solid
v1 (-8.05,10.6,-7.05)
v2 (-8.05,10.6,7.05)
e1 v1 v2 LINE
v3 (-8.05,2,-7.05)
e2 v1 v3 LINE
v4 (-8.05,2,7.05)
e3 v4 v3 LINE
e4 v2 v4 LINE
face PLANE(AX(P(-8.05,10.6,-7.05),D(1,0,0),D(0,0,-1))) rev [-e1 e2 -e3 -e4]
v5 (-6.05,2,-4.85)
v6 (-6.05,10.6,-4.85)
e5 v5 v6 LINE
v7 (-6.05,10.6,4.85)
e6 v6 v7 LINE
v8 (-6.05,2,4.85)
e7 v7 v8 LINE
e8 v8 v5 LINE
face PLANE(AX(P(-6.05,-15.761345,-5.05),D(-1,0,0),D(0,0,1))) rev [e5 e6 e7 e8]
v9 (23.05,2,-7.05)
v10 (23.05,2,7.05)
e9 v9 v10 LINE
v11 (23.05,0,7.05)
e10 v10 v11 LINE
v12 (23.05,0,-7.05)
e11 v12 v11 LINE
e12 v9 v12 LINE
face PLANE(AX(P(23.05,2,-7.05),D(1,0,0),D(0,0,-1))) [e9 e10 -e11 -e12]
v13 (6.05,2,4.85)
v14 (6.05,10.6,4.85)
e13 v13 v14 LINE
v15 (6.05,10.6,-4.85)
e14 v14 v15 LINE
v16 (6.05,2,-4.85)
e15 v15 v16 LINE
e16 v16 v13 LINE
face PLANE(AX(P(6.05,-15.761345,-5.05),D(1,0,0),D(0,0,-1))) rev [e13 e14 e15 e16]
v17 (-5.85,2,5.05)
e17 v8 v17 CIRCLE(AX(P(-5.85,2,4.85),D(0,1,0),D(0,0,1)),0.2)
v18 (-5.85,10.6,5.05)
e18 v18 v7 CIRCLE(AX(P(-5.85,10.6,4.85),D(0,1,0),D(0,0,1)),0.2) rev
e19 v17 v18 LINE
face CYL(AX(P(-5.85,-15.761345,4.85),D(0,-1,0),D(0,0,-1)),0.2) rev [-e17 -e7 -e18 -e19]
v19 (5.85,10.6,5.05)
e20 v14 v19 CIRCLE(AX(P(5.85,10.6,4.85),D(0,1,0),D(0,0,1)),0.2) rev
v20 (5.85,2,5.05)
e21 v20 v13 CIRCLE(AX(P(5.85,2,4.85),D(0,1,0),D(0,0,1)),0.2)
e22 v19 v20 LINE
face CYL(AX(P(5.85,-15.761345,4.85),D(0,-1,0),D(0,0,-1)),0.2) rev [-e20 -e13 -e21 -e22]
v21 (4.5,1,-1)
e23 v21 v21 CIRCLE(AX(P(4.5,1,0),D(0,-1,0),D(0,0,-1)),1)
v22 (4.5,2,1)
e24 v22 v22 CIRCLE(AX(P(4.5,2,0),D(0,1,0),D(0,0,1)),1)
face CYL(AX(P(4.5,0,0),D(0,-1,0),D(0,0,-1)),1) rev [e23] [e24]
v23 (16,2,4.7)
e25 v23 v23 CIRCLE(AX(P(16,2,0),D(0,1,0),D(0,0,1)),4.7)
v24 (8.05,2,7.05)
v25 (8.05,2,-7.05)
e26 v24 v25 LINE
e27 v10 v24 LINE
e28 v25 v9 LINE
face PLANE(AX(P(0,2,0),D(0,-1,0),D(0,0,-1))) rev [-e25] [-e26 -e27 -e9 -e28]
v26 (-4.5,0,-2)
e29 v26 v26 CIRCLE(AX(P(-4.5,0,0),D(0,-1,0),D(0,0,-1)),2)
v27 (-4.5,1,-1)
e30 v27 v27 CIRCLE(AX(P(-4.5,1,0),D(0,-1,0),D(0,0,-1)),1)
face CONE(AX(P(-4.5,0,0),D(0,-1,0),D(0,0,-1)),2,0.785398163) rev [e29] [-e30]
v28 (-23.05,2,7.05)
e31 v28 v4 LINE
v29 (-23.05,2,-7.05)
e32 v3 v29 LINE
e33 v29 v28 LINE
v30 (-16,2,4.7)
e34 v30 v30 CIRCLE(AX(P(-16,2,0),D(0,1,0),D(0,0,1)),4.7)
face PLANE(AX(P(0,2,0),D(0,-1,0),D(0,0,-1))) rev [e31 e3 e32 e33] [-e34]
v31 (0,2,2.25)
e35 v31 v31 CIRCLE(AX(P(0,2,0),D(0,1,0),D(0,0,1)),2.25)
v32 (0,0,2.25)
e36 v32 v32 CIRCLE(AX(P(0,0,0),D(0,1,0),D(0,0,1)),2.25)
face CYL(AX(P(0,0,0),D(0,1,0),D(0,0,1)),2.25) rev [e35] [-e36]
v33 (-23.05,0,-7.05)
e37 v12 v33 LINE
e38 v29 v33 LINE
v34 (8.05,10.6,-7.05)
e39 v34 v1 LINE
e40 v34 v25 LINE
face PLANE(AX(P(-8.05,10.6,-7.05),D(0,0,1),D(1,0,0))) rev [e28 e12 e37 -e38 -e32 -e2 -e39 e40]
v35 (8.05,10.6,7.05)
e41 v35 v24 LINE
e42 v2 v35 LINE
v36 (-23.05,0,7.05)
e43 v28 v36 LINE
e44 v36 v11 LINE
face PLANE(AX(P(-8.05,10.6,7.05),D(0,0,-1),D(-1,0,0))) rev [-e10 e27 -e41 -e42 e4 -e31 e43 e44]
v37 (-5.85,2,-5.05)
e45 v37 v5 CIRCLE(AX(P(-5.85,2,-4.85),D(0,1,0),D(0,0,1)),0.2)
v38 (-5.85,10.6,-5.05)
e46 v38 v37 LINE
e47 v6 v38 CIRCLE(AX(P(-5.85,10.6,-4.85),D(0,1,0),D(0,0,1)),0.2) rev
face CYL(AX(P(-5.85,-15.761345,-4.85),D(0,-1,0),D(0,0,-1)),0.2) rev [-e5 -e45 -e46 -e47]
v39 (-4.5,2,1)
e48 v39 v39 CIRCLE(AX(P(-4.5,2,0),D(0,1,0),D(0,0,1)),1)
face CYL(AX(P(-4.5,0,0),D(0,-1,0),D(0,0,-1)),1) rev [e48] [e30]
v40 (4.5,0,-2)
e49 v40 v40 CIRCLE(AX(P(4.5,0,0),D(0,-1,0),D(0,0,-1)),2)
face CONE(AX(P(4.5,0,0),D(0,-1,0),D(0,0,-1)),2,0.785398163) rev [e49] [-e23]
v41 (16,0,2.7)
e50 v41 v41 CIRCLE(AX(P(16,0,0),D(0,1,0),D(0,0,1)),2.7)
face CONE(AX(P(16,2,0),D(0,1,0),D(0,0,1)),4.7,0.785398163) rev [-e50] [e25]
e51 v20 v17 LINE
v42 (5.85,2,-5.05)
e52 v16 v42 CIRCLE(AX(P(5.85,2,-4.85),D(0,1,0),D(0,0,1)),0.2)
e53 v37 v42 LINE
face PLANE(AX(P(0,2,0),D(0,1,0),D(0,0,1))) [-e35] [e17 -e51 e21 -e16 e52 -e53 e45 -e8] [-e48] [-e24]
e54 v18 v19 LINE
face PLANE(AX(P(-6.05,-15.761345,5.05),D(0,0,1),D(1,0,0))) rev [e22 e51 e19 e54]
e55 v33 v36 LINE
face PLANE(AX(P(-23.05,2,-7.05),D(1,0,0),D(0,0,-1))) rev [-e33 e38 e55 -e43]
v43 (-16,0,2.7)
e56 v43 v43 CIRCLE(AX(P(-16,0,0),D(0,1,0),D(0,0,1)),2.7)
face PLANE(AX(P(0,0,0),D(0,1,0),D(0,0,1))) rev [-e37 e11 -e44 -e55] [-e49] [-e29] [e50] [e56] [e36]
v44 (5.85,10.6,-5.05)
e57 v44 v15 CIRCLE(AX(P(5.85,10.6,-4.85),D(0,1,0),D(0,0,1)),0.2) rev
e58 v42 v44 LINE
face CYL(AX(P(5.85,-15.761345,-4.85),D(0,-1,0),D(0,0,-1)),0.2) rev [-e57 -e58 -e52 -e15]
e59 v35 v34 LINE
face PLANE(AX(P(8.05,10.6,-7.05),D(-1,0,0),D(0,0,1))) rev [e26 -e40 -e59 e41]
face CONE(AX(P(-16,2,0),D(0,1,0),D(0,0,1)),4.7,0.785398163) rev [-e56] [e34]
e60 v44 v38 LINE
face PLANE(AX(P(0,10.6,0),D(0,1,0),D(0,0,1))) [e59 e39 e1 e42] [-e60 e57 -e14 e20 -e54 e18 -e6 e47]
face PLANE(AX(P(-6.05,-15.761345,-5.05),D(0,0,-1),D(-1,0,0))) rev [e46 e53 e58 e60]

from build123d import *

# Parameters (mm, degrees)
SKETCH1_W                                            = 16.1
SKETCH1_H                                            = 14.1
BOSS_EXTRUDE1_DEPTH                                  = 10.6
SKETCH3_W                                            = 12.1
SKETCH3_H                                            = 10.1
CUT_EXTRUDE1_DEPTH                                   = 8.6
CSK_FOR_M1_6_COUNTERSUNK_FLAT_HEAD_SCREW_D           = 2
CSK_FOR_M1_6_COUNTERSUNK_FLAT_HEAD_SCREW_DEPTH       = 2
CSK_FOR_M1_6_COUNTERSUNK_FLAT_HEAD_SCREW_CSINK_D     = 4
CSK_FOR_M1_6_COUNTERSUNK_FLAT_HEAD_SCREW_CSINK_ANGLE = 90
SKETCH8_R                                            = 2.25
CUT_EXTRUDE2_DEPTH                                   = 3
FILLET2_R                                            = 0.2
SKETCH9_W                                            = 15
SKETCH9_H                                            = 14.1
BOSS_EXTRUDE2_DEPTH                                  = 2


with BuildPart() as part:
    # Sketch1 → Boss-Extrude1 (new body)
    with BuildSketch(Plane(origin=(0, 0, 0), x_dir=(1, 0, 0), z_dir=(0, 1, 0))):
        Rectangle(SKETCH1_W, SKETCH1_H)
    extrude(amount=BOSS_EXTRUDE1_DEPTH)

    # Sketch3 → Cut-Extrude1 (cut)
    with BuildSketch(Plane(origin=(0, 10.6, 0), x_dir=(1, 0, 0), z_dir=(0, 1, 0))):
        Rectangle(SKETCH3_W, SKETCH3_H)
    extrude(amount=-CUT_EXTRUDE1_DEPTH, mode=Mode.SUBTRACT)

    # CSK for M1.6 Countersunk Flat Head Screw1
    with Locations(Plane(origin=(0, 0, 0), x_dir=(-1, 0, 0), z_dir=(0, -1, 0))):
        with Locations((4.5, 0), (-4.5, 0)):
            CounterSinkHole(CSK_FOR_M1_6_COUNTERSUNK_FLAT_HEAD_SCREW_D / 2, CSK_FOR_M1_6_COUNTERSUNK_FLAT_HEAD_SCREW_CSINK_D / 2, depth=CSK_FOR_M1_6_COUNTERSUNK_FLAT_HEAD_SCREW_DEPTH, counter_sink_angle=CSK_FOR_M1_6_COUNTERSUNK_FLAT_HEAD_SCREW_CSINK_ANGLE)

    # Sketch8 → Cut-Extrude2 (cut, through all)
    with BuildSketch(Plane(origin=(0, 2, 0), x_dir=(1, 0, 0), z_dir=(0, 1, 0))):
        Circle(SKETCH8_R)
    extrude(amount=-CUT_EXTRUDE2_DEPTH, mode=Mode.SUBTRACT)

    # Fillet2
    fillet2_edges = [part.edges().sort_by_distance(p)[0] for p in [
        (-6.05, 6.3, 5.05),
        (-6.05, 6.3, -5.05),
        (6.05, 6.3, -5.05),
        (6.05, 6.3, 5.05),
    ]]
    fillet(fillet2_edges, radius=FILLET2_R)

    # Sketch9 → Boss-Extrude2 (add)
    with BuildSketch(Plane(origin=(0, 0, 0), x_dir=(1, 0, 0), z_dir=(0, 1, 0))):
        with Locations((-15.55, 0)):
            Rectangle(SKETCH9_W, SKETCH9_H)
    boss_extrude2 = extrude(amount=BOSS_EXTRUDE2_DEPTH)

    # Sketch11 → CSK for M4 Countersunk Flat Head Screw1 (revolve, cut)
    with BuildSketch(Plane(origin=(-16, 2, 0), x_dir=(0, 0, 1), z_dir=(1, 0, 0))):
        Polygon((0, 0), (0, 2.001), (2.4, 2.001), (2.4, 2.3), (4.7, 0), align=None)
    csk_for_m4_countersunk_flat_head_screw1 = revolve(axis=Axis((-16, 8.35, 0), (0, -1, 0)), mode=Mode.SUBTRACT)

    # Mirror1: Boss-Extrude2, CSK for M4 Countersunk Flat Head Screw1 across plane
    add(boss_extrude2.mirror(Plane(origin=(0, 0, 0), x_dir=(0, 0, 1), z_dir=(1, 0, 0))))
    add(csk_for_m4_countersunk_flat_head_screw1.mirror(Plane(origin=(0, 0, 0), x_dir=(0, 0, 1), z_dir=(1, 0, 0))), mode=Mode.SUBTRACT)


solid = part.part
